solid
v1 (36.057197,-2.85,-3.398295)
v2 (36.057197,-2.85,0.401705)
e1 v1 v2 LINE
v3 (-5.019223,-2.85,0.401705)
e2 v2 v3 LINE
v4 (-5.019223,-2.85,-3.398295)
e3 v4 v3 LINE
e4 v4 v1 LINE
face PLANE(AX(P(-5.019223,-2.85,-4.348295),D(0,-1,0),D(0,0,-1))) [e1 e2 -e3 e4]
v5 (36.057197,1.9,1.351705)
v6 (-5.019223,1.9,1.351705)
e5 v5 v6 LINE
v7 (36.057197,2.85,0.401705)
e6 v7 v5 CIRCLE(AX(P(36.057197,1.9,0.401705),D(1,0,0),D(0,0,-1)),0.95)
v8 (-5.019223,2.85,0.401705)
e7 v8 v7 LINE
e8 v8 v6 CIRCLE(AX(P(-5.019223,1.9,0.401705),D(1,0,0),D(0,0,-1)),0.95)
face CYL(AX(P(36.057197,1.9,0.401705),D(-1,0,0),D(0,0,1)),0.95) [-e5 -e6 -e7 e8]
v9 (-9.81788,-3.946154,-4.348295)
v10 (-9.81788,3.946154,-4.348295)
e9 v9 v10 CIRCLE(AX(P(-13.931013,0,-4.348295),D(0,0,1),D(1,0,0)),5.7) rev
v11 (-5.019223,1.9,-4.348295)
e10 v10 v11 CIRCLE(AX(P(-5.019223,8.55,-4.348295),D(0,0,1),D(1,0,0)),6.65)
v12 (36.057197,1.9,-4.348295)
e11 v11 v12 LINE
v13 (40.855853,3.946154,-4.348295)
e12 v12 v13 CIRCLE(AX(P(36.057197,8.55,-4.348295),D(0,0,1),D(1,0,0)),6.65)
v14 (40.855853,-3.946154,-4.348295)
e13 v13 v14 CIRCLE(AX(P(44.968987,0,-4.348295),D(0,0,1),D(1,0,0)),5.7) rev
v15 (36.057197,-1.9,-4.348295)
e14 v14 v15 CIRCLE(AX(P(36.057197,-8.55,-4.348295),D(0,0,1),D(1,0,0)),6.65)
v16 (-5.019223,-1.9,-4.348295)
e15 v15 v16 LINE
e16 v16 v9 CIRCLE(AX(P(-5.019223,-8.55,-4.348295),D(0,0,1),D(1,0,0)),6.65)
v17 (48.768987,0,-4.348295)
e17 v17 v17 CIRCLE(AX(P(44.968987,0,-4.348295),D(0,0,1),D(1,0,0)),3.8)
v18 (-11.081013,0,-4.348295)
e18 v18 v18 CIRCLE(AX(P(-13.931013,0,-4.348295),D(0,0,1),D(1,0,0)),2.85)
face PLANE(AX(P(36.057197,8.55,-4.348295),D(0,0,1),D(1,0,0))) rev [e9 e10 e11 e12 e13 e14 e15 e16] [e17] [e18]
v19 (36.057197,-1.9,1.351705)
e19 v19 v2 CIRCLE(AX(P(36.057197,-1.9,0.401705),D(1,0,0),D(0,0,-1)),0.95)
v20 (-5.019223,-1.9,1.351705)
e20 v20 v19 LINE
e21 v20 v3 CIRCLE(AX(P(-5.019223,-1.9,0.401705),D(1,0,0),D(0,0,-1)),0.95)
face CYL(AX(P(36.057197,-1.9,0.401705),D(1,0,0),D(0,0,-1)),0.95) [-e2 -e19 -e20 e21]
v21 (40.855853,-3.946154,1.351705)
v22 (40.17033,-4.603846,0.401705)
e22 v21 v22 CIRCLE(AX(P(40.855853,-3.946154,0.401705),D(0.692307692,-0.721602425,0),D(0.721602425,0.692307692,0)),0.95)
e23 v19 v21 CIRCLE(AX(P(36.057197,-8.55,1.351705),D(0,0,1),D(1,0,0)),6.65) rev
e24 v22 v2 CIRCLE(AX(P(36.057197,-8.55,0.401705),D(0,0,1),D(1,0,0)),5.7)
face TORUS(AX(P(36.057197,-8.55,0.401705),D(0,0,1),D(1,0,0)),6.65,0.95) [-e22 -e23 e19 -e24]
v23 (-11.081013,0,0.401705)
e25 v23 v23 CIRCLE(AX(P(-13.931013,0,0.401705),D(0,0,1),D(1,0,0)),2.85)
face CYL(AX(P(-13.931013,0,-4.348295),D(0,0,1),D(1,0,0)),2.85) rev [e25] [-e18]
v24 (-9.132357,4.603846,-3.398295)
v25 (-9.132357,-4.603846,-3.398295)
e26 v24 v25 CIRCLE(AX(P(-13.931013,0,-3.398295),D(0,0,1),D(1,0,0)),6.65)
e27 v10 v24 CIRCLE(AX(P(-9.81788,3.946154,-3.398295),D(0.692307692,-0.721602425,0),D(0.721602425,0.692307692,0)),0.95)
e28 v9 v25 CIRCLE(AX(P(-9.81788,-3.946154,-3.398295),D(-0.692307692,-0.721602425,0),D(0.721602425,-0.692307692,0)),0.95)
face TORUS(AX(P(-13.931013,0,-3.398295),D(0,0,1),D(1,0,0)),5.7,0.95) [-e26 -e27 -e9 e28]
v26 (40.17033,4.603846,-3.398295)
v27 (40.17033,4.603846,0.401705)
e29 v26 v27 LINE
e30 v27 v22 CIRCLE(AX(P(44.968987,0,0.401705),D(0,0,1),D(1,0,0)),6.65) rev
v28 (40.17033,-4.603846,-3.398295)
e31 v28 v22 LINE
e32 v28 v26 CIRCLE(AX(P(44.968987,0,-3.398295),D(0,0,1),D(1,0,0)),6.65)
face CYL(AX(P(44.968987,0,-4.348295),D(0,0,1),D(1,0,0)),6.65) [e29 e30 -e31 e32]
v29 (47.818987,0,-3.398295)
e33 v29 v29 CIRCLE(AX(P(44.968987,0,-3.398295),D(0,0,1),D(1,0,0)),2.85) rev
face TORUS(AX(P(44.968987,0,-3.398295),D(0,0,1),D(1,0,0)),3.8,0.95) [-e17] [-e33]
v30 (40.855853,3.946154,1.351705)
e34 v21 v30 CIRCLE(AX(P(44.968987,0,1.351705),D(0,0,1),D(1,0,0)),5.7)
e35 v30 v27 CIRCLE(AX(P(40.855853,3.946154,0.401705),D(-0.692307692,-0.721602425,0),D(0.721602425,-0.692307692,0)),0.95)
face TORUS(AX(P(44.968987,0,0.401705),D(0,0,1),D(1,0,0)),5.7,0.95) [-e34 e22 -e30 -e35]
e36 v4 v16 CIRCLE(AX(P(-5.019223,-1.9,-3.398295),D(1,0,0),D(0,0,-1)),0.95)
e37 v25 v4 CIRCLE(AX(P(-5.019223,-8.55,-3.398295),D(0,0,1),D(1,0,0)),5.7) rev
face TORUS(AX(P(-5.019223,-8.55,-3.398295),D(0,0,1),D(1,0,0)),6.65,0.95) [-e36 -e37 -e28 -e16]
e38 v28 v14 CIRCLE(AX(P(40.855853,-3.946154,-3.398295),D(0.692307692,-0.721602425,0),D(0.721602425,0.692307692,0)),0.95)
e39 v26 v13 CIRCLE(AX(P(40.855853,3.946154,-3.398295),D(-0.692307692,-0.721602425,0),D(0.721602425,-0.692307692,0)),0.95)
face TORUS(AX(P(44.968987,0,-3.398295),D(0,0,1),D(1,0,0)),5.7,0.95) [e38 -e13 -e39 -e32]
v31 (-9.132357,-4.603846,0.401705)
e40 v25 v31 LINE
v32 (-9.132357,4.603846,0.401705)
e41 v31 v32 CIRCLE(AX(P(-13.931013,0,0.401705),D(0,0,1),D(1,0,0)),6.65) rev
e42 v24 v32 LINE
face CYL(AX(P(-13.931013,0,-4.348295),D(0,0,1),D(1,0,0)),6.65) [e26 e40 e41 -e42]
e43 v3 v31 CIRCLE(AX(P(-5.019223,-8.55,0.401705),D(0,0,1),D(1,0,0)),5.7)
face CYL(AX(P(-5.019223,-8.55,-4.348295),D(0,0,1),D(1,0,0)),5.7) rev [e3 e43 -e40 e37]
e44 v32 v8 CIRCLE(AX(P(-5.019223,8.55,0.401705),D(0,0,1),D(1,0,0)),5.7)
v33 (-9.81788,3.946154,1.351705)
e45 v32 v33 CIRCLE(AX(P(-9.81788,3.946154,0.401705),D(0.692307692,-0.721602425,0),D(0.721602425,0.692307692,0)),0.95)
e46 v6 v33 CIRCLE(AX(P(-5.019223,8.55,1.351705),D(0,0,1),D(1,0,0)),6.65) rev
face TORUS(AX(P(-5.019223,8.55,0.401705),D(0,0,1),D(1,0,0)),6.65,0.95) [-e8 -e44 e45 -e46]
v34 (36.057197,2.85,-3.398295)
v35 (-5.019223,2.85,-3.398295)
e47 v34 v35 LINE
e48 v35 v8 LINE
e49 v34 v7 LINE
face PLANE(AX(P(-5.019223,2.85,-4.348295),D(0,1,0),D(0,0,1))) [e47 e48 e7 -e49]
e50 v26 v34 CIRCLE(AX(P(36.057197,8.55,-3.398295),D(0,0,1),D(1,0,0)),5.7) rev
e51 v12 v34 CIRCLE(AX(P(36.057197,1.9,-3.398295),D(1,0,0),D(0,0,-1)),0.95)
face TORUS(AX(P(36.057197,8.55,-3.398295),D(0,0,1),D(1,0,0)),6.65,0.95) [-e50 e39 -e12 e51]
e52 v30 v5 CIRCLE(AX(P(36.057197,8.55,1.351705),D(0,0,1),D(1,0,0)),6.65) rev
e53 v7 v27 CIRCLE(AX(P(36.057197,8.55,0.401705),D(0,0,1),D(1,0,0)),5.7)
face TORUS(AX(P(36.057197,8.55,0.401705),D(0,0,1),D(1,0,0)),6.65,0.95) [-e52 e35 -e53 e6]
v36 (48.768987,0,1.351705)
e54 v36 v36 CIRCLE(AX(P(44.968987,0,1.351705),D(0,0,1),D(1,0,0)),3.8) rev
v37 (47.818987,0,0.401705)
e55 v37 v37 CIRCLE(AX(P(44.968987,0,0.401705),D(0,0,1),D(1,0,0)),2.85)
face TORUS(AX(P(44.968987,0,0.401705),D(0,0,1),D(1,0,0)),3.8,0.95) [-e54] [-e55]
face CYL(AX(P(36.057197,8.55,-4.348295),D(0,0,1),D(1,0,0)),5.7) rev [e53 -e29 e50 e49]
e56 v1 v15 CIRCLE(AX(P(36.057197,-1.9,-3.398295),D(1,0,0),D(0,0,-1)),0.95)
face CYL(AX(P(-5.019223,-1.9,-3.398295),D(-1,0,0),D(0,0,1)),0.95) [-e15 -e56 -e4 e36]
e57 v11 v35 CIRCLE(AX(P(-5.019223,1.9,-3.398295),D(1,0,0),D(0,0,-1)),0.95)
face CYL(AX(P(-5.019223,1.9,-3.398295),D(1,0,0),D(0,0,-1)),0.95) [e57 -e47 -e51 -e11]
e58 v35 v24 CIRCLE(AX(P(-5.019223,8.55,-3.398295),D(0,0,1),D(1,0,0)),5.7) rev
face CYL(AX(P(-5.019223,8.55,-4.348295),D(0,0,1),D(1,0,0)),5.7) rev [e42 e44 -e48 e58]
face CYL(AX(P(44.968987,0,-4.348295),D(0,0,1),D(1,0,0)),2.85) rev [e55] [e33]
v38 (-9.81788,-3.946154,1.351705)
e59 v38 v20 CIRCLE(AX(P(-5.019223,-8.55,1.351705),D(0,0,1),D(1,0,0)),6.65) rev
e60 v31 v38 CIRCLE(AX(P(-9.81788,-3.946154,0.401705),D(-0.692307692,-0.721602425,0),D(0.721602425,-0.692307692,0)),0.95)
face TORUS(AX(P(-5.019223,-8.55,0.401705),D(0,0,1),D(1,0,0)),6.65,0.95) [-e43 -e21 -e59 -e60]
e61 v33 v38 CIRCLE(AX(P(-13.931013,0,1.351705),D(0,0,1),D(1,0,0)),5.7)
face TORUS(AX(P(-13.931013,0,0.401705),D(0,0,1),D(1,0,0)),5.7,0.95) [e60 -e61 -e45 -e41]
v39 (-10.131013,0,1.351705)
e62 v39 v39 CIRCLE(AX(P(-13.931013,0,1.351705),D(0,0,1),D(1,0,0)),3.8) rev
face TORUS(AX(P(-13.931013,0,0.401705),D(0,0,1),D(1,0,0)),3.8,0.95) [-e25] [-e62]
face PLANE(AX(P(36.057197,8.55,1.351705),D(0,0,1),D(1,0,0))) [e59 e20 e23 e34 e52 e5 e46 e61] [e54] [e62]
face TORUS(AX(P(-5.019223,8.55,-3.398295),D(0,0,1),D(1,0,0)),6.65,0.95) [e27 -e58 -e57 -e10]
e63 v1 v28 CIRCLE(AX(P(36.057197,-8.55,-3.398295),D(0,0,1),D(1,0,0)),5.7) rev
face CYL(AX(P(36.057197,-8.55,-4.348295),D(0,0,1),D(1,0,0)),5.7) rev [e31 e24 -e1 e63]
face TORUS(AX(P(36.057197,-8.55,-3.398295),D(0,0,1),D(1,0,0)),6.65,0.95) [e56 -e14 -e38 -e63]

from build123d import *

# Parameters (mm, degrees)
SKETCH1_R           = 1.5
BOSS_EXTRUDE1_DEPTH = 3
FILLET1_R           = 0.5
SCALE1_SCALE        = 1.9


with BuildPart() as part:
    # Sketch1 → Boss-Extrude1 (new body)
    with BuildSketch(Plane.XY):
        with BuildLine():
            Line((4.69041576, 1.5), (26.30958424, 1.5))
            ThreePointArc((26.30958424, 1.5), (27.486281051, 1.740401367), (28.474391514, 2.423076923))
            ThreePointArc((28.474391514, 2.423076923), (34.5, 0), (28.474391514, -2.423076923))
            ThreePointArc((28.474391514, -2.423076923), (27.486281051, -1.740401367), (26.30958424, -1.5))
            Line((26.30958424, -1.5), (4.69041576, -1.5))
            ThreePointArc((4.69041576, -1.5), (3.513718949, -1.740401367), (2.525608486, -2.423076923))
            ThreePointArc((2.525608486, -2.423076923), (-3.5, 0), (2.525608486, 2.423076923))
            ThreePointArc((2.525608486, 2.423076923), (3.513718949, 1.740401367), (4.69041576, 1.5))
        make_face()
        Circle(SKETCH1_R, mode=Mode.SUBTRACT)
        with Locations((31, 0)):
            Circle(SKETCH1_R, mode=Mode.SUBTRACT)
    extrude(amount=-BOSS_EXTRUDE1_DEPTH)

    # Fillet1
    fillet1_edges = [part.edges().sort_by_distance(p)[0] for p in [
        (-3.5, 0, 0),
        (3.513718949, 1.740401367, 0),
        (15.5, 1.5, 0),
        (27.486281051, 1.740401367, 0),
        (3.513718949, 1.740401367, -3),
        (-3.5, 0, -3),
        (3.513718949, -1.740401367, -3),
        (-1.5, 0, 0),
        (15.5, -1.5, -3),
        (29.5, 0, -3),
        (29.5, 0, 0),
        (27.486281051, -1.740401367, -3),
        (34.5, 0, -3),
        (27.486281051, 1.740401367, -3),
        (34.5, 0, 0),
        (15.5, 1.5, -3),
        (27.486281051, -1.740401367, 0),
        (15.5, -1.5, 0),
        (3.513718949, -1.740401367, 0),
    ]]
    fillet(fillet1_edges, radius=FILLET1_R)


with BuildPart() as part_1:
    # Scale1: scaled about (15.478903788, 0, -1.501893929)
    add(part.part.scale(SCALE1_SCALE).moved(Location((-13.931013409, 0, 1.351704536))))


solid = part_1.part
